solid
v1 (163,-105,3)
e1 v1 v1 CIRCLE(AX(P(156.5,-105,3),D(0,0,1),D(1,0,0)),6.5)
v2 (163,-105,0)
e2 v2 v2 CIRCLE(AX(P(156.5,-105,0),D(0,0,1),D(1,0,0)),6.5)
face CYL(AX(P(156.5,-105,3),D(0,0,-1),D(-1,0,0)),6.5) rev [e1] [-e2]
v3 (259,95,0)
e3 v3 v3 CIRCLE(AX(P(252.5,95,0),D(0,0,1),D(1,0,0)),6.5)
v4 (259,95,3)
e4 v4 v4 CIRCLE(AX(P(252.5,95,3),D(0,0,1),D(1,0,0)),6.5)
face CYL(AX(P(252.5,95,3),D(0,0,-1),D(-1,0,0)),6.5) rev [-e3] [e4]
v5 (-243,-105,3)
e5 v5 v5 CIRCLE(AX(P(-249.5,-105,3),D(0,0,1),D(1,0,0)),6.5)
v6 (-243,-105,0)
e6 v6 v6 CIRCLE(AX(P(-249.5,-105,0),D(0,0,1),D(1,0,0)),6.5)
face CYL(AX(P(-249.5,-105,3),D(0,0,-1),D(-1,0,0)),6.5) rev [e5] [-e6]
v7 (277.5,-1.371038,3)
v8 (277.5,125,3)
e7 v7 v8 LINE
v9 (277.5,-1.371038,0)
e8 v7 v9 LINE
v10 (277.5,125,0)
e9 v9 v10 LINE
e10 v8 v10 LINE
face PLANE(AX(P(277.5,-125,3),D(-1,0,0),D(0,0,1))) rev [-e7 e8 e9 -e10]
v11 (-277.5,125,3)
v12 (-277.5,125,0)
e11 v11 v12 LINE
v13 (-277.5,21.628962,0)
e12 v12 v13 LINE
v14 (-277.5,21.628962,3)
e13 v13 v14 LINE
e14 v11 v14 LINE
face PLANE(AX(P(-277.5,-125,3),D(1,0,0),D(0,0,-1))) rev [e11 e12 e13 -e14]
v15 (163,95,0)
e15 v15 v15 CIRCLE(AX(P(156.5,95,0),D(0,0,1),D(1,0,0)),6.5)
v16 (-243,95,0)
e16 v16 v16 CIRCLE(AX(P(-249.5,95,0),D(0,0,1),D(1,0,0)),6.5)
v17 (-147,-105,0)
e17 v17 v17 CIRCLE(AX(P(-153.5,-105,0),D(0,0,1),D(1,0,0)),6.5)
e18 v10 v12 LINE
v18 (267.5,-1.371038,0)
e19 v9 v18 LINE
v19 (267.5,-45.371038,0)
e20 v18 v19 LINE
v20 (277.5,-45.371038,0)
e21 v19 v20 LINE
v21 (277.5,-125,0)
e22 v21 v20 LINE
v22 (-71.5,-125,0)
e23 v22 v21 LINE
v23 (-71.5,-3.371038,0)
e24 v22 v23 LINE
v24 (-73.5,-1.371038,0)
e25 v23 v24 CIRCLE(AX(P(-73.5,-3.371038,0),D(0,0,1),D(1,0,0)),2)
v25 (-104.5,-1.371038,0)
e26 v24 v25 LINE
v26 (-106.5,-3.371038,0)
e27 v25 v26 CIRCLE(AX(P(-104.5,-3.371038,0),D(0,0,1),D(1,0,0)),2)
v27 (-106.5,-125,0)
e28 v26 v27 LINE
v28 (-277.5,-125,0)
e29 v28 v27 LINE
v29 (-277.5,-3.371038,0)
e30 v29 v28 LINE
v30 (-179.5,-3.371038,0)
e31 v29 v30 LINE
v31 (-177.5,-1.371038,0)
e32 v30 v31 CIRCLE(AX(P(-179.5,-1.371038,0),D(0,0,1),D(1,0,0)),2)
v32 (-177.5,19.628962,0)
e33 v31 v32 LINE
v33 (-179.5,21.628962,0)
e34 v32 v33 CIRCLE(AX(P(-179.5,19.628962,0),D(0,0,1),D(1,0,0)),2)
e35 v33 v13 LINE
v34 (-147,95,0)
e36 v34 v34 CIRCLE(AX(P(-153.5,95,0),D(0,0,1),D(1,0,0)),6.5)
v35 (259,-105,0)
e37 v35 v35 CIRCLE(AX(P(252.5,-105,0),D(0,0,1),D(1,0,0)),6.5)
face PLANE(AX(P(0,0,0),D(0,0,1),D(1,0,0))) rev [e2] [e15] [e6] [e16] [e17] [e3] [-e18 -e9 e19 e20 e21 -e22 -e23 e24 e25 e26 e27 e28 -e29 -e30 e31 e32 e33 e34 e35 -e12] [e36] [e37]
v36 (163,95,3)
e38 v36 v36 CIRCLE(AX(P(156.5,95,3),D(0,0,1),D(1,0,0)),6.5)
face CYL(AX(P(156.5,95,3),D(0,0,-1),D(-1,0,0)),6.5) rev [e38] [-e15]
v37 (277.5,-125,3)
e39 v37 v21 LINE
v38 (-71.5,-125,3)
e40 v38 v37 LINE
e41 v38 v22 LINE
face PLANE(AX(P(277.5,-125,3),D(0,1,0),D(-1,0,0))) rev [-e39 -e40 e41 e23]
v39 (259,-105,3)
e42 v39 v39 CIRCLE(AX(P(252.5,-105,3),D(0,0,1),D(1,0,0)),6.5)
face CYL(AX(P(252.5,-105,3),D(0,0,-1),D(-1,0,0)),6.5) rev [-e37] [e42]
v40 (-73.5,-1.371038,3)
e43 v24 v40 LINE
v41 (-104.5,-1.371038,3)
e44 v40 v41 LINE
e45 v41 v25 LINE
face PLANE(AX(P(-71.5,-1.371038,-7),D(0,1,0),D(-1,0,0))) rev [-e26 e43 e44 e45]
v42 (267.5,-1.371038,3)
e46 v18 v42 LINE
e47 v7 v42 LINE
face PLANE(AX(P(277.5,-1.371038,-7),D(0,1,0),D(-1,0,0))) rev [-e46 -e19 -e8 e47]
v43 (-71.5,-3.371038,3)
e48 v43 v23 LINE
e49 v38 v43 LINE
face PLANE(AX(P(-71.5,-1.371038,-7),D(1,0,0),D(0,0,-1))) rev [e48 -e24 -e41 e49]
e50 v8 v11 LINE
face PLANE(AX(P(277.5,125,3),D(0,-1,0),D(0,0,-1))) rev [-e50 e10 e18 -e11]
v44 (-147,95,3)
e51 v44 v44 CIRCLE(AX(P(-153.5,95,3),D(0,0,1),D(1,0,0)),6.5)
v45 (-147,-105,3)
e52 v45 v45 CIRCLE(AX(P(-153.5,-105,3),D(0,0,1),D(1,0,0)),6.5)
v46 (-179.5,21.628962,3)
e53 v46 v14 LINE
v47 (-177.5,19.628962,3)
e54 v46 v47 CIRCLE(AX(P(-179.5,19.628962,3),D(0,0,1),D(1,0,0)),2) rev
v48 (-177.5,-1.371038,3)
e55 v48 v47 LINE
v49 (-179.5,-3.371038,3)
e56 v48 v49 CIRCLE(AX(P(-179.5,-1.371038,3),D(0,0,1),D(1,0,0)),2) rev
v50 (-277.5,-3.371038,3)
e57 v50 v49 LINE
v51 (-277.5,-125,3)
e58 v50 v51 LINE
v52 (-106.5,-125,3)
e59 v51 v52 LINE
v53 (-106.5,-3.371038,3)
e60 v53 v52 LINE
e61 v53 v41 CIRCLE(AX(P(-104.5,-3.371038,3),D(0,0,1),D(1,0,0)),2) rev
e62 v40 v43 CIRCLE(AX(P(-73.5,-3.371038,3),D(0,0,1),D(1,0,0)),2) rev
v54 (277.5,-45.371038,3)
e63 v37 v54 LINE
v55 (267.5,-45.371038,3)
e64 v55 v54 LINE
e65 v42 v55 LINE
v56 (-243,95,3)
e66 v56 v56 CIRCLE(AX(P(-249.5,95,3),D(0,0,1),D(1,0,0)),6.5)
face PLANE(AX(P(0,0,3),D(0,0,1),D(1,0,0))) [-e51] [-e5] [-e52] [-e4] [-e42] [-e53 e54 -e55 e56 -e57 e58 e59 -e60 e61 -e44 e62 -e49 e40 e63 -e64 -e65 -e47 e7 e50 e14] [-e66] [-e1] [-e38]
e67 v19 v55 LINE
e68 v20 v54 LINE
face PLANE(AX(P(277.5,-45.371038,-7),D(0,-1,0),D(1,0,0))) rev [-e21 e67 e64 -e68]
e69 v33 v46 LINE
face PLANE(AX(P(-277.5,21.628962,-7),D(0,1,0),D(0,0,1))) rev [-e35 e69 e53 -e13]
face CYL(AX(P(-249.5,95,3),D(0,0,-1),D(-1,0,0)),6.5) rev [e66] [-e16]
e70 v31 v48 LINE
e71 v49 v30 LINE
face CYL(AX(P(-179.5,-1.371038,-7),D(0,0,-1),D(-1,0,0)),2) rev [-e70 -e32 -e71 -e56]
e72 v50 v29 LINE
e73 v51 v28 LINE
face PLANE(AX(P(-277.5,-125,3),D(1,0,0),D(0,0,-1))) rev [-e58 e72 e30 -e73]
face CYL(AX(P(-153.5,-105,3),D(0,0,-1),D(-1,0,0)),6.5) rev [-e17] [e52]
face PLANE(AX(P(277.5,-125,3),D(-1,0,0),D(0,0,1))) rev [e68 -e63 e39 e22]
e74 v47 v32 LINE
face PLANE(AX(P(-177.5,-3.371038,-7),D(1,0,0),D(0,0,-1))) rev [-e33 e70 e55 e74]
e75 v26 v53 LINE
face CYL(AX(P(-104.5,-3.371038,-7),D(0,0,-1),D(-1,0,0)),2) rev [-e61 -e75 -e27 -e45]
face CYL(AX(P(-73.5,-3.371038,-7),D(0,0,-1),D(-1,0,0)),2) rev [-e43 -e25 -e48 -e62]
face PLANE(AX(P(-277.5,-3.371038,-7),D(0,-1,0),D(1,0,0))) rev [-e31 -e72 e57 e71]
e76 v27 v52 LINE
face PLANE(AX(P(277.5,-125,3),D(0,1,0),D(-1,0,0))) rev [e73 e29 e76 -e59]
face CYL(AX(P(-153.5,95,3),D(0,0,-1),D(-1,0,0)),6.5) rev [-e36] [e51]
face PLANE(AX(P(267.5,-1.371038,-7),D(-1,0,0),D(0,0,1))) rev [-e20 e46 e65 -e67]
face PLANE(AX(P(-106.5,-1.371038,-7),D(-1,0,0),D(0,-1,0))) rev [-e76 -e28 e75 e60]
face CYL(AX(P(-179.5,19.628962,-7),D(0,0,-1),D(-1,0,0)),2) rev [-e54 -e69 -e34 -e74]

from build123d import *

# Parameters (mm, degrees)
ESQUISSE1_W             = 555
ESQUISSE1_H             = 250
ESQUISSE1_R             = 6.5
BOSS_EXTRU_1_DEPTH      = 3
ESQUISSE4_W             = 100
ESQUISSE4_H             = 25
ESQUISSE4_W_2           = 35
ESQUISSE4_H_2           = 123.628962184
ESQUISSE4_W_3           = 10
ESQUISSE4_H_3           = 44
ENL_V_MAT_EXTRU_3_DEPTH = 10
CONG_1_R                = 2


with BuildPart() as part:
    # Esquisse1 → Boss.-Extru.1 (new body)
    with BuildSketch(Plane.XY):
        Rectangle(ESQUISSE1_W, ESQUISSE1_H)
        with Locations((156.5, 95)):
            Circle(ESQUISSE1_R, mode=Mode.SUBTRACT)
        with Locations((252.5, 95)):
            Circle(ESQUISSE1_R, mode=Mode.SUBTRACT)
        with Locations((156.5, -105)):
            Circle(ESQUISSE1_R, mode=Mode.SUBTRACT)
        with Locations((252.5, -105)):
            Circle(ESQUISSE1_R, mode=Mode.SUBTRACT)
        with Locations((-153.5, -105)):
            Circle(ESQUISSE1_R, mode=Mode.SUBTRACT)
        with Locations((-153.5, 95)):
            Circle(ESQUISSE1_R, mode=Mode.SUBTRACT)
        with Locations((-249.5, 95)):
            Circle(ESQUISSE1_R, mode=Mode.SUBTRACT)
        with Locations((-249.5, -105)):
            Circle(ESQUISSE1_R, mode=Mode.SUBTRACT)
    extrude(amount=BOSS_EXTRU_1_DEPTH)

    # Esquisse4 → Enlèv. mat.-Extru.3 (cut)
    with BuildSketch(Plane.XY.offset(3)):
        with Locations((-227.5, 9.128962184)):
            Rectangle(ESQUISSE4_W, ESQUISSE4_H)
        with Locations((-89, -63.185518908)):
            Rectangle(ESQUISSE4_W_2, ESQUISSE4_H_2)
        with Locations((272.5, -23.371037816)):
            Rectangle(ESQUISSE4_W_3, ESQUISSE4_H_3)
    extrude(amount=-ENL_V_MAT_EXTRU_3_DEPTH, mode=Mode.SUBTRACT)

    # Congé1
    cong_1_edges = [part.edges().sort_by_distance(p)[0] for p in [
        (-177.5, 21.628962184, 1.5),
        (-177.5, -3.371037816, 1.5),
        (-106.5, -1.371037816, 1.5),
        (-71.5, -1.371037816, 1.5),
    ]]
    fillet(cong_1_edges, radius=CONG_1_R)


solid = part.part
